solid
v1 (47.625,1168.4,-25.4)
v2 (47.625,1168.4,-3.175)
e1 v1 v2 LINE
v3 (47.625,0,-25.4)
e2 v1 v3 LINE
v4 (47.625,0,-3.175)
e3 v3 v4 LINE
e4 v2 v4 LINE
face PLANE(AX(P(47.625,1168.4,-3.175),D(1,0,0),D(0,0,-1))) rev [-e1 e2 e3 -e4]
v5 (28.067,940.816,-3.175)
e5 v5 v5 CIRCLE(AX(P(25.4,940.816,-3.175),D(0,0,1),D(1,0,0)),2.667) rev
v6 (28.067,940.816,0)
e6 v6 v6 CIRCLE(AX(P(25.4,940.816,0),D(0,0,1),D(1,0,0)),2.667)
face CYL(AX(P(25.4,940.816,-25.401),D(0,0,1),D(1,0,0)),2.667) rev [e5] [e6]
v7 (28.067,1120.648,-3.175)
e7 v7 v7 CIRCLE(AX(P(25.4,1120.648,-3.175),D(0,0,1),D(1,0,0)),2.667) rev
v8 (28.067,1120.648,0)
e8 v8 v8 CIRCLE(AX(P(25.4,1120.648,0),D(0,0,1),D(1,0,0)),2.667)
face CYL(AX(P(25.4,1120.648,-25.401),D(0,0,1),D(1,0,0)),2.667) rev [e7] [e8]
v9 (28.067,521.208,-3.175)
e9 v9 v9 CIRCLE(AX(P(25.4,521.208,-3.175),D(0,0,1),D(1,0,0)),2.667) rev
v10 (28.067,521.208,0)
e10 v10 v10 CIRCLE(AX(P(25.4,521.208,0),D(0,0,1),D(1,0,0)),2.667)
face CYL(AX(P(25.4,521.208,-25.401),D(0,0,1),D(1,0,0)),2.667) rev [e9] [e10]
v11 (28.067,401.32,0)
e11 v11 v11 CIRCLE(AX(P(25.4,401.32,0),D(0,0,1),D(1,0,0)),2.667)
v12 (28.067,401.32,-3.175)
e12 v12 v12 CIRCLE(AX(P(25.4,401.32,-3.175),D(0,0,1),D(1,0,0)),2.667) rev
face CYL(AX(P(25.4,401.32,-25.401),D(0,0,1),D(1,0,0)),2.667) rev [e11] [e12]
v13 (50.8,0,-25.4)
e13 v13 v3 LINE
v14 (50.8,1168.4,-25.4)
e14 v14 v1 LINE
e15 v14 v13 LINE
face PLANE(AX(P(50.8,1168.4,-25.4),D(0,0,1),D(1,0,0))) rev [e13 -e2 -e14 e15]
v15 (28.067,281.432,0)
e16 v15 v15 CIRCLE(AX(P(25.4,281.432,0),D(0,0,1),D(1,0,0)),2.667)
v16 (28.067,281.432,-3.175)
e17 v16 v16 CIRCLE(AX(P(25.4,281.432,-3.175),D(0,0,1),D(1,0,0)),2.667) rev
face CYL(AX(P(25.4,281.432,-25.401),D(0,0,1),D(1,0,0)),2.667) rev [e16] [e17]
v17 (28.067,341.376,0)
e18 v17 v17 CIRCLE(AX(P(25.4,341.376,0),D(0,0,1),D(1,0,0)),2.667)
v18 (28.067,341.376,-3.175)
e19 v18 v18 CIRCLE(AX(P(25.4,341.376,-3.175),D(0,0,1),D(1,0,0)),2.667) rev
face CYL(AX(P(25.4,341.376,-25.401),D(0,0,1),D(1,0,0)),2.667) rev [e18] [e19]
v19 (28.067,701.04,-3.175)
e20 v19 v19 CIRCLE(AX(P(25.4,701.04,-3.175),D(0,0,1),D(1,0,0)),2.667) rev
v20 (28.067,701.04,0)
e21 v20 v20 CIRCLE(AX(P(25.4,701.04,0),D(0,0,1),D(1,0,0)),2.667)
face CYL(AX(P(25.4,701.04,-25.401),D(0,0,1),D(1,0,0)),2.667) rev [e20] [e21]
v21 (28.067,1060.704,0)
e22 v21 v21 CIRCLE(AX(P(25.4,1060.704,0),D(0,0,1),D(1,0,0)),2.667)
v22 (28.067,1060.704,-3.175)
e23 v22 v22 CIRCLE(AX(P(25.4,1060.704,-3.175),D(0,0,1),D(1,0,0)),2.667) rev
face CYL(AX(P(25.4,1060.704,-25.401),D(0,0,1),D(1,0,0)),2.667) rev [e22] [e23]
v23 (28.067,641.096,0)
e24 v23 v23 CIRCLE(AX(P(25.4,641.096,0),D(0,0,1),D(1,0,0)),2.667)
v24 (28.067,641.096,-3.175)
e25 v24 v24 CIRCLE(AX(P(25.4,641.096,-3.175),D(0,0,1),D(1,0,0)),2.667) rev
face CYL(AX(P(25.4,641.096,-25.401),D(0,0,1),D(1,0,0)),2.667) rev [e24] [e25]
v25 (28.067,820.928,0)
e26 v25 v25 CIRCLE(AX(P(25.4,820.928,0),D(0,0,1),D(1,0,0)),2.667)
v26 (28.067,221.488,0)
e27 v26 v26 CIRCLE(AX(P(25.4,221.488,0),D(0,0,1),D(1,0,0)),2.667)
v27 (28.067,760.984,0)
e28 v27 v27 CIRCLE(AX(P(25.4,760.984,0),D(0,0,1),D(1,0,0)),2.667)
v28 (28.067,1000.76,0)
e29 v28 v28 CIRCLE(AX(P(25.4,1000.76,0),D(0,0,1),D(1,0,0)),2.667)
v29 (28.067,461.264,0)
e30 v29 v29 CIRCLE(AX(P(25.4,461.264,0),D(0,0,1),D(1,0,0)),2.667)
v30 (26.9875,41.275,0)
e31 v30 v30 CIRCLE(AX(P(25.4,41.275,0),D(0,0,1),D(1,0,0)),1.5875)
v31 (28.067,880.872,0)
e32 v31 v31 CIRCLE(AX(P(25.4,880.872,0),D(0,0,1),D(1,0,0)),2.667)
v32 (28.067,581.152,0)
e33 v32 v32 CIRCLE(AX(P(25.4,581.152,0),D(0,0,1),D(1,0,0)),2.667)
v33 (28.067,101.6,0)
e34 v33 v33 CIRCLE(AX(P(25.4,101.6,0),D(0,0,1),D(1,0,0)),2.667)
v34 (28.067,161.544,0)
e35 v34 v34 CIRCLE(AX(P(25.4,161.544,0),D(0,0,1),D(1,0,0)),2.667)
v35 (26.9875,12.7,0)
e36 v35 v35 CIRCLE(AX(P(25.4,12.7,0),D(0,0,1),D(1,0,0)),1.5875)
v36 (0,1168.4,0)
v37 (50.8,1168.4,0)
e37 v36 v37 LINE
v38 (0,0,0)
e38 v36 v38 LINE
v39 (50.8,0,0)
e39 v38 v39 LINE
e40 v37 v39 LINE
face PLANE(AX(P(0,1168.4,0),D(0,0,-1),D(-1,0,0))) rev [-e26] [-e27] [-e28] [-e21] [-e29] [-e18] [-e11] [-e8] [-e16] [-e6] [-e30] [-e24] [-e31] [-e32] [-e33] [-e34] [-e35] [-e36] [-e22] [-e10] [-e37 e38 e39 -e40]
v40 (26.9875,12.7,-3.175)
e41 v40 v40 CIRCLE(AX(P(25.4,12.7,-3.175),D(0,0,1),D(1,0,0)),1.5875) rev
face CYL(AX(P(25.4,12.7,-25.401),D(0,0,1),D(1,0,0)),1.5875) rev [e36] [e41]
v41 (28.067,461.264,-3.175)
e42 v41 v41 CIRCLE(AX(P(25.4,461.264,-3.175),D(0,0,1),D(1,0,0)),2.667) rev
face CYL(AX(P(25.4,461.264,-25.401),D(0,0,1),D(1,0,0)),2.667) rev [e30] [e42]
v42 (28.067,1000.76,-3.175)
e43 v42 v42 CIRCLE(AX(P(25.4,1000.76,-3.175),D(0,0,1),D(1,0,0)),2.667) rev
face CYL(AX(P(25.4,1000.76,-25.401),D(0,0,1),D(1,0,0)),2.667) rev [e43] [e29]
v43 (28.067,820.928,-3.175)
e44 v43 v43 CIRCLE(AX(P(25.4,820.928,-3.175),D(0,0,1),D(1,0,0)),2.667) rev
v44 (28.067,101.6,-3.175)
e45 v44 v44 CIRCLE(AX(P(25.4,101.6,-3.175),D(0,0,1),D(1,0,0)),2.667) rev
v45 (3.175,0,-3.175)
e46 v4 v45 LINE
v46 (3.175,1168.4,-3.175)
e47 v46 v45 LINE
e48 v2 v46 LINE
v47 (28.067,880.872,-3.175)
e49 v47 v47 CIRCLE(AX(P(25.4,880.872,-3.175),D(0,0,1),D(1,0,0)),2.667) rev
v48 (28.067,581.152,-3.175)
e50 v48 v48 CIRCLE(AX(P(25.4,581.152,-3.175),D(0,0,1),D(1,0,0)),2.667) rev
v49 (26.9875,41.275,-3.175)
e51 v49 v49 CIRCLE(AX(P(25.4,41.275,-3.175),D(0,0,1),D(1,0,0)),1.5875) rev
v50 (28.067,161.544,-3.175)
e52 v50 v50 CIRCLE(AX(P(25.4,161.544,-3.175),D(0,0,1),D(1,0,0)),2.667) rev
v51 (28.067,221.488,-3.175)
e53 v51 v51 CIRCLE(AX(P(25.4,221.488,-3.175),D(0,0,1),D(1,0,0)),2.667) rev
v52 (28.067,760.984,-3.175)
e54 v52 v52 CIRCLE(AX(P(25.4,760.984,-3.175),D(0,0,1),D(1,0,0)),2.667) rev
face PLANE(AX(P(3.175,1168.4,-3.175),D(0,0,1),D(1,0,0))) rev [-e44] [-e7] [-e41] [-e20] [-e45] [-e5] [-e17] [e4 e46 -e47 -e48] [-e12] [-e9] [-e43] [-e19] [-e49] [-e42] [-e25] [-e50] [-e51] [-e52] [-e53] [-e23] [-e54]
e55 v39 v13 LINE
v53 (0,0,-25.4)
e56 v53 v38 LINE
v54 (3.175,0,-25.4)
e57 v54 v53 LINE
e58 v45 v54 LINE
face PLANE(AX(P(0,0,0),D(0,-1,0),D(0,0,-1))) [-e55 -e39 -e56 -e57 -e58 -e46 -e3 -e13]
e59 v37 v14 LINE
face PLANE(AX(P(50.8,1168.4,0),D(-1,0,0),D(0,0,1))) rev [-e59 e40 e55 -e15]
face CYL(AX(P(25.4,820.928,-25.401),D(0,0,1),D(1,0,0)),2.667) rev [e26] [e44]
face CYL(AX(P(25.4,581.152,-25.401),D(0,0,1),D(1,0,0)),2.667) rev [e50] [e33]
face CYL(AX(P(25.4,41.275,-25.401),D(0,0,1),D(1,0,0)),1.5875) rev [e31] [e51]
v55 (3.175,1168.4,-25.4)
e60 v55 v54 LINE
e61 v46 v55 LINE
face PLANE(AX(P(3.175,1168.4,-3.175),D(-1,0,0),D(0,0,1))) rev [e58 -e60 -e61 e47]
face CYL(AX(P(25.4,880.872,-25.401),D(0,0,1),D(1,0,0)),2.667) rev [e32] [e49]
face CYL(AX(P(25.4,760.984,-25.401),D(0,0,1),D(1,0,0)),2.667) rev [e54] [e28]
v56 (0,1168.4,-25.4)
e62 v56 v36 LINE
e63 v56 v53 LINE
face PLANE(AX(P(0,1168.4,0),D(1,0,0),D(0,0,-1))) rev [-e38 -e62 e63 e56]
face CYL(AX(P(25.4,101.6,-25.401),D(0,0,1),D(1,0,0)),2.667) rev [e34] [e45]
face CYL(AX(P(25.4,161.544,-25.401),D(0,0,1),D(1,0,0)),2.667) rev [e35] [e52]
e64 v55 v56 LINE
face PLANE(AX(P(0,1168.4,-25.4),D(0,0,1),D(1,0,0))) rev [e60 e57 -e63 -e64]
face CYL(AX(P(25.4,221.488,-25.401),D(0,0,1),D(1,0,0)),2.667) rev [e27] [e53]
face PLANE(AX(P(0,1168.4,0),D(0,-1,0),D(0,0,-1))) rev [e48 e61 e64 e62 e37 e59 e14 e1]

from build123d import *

# Parameters (mm, degrees)
BOSS_EXTRUDE1_DEPTH = 1168.4
CUT_EXTRUDE1_REACH  = 27.4
SKETCH2_R           = 2.667
CUT_EXTRUDE2_REACH  = 27.4
SKETCH4_R           = 1.5875


with BuildPart() as part:
    # Sketch1 → Boss-Extrude1 (new body)
    with BuildSketch(Plane(origin=(0, 0, 0), x_dir=(1, 0, 0), z_dir=(0, 1, 0))):
        Polygon((3.175, 3.175), (3.175, 25.4), (0, 25.4), (0, 0), (50.8, 0), (50.8, 25.4), (47.625, 25.4), (47.625, 3.175), align=None)
    extrude(amount=BOSS_EXTRUDE1_DEPTH)

    # Sketch2 → Cut-Extrude1 (cut, up to next)
    with BuildSketch(Plane.XY, mode=Mode.PRIVATE) as cut_extrude1_sk1:
        with Locations((25.4, 101.6)):
            Circle(SKETCH2_R)
    cut_extrude1_tool1 = extrude(cut_extrude1_sk1.sketch, amount=-CUT_EXTRUDE1_REACH, mode=Mode.PRIVATE) & part.part
    add(cut_extrude1_tool1.solids().sort_by_distance((25.4, 101.6, 0))[0], mode=Mode.SUBTRACT)
    # Sketch2 → Cut-Extrude1 (cut, up to next)
    with BuildSketch(Plane.XY, mode=Mode.PRIVATE) as cut_extrude1_sk2:
        with Locations((25.4, 161.544)):
            Circle(SKETCH2_R)
    cut_extrude1_tool2 = extrude(cut_extrude1_sk2.sketch, amount=-CUT_EXTRUDE1_REACH, mode=Mode.PRIVATE) & part.part
    add(cut_extrude1_tool2.solids().sort_by_distance((25.4, 161.544, 0))[0], mode=Mode.SUBTRACT)
    # Sketch2 → Cut-Extrude1 (cut, up to next)
    with BuildSketch(Plane.XY, mode=Mode.PRIVATE) as cut_extrude1_sk3:
        with Locations((25.4, 221.488)):
            Circle(SKETCH2_R)
    cut_extrude1_tool3 = extrude(cut_extrude1_sk3.sketch, amount=-CUT_EXTRUDE1_REACH, mode=Mode.PRIVATE) & part.part
    add(cut_extrude1_tool3.solids().sort_by_distance((25.4, 221.488, 0))[0], mode=Mode.SUBTRACT)
    # Sketch2 → Cut-Extrude1 (cut, up to next)
    with BuildSketch(Plane.XY, mode=Mode.PRIVATE) as cut_extrude1_sk4:
        with Locations((25.4, 281.432)):
            Circle(SKETCH2_R)
    cut_extrude1_tool4 = extrude(cut_extrude1_sk4.sketch, amount=-CUT_EXTRUDE1_REACH, mode=Mode.PRIVATE) & part.part
    add(cut_extrude1_tool4.solids().sort_by_distance((25.4, 281.432, 0))[0], mode=Mode.SUBTRACT)
    # Sketch2 → Cut-Extrude1 (cut, up to next)
    with BuildSketch(Plane.XY, mode=Mode.PRIVATE) as cut_extrude1_sk5:
        with Locations((25.4, 341.376)):
            Circle(SKETCH2_R)
    cut_extrude1_tool5 = extrude(cut_extrude1_sk5.sketch, amount=-CUT_EXTRUDE1_REACH, mode=Mode.PRIVATE) & part.part
    add(cut_extrude1_tool5.solids().sort_by_distance((25.4, 341.376, 0))[0], mode=Mode.SUBTRACT)
    # Sketch2 → Cut-Extrude1 (cut, up to next)
    with BuildSketch(Plane.XY, mode=Mode.PRIVATE) as cut_extrude1_sk6:
        with Locations((25.4, 401.32)):
            Circle(SKETCH2_R)
    cut_extrude1_tool6 = extrude(cut_extrude1_sk6.sketch, amount=-CUT_EXTRUDE1_REACH, mode=Mode.PRIVATE) & part.part
    add(cut_extrude1_tool6.solids().sort_by_distance((25.4, 401.32, 0))[0], mode=Mode.SUBTRACT)
    # Sketch2 → Cut-Extrude1 (cut, up to next)
    with BuildSketch(Plane.XY, mode=Mode.PRIVATE) as cut_extrude1_sk7:
        with Locations((25.4, 461.264)):
            Circle(SKETCH2_R)
    cut_extrude1_tool7 = extrude(cut_extrude1_sk7.sketch, amount=-CUT_EXTRUDE1_REACH, mode=Mode.PRIVATE) & part.part
    add(cut_extrude1_tool7.solids().sort_by_distance((25.4, 461.264, 0))[0], mode=Mode.SUBTRACT)
    # Sketch2 → Cut-Extrude1 (cut, up to next)
    with BuildSketch(Plane.XY, mode=Mode.PRIVATE) as cut_extrude1_sk8:
        with Locations((25.4, 521.208)):
            Circle(SKETCH2_R)
    cut_extrude1_tool8 = extrude(cut_extrude1_sk8.sketch, amount=-CUT_EXTRUDE1_REACH, mode=Mode.PRIVATE) & part.part
    add(cut_extrude1_tool8.solids().sort_by_distance((25.4, 521.208, 0))[0], mode=Mode.SUBTRACT)
    # Sketch2 → Cut-Extrude1 (cut, up to next)
    with BuildSketch(Plane.XY, mode=Mode.PRIVATE) as cut_extrude1_sk9:
        with Locations((25.4, 581.152)):
            Circle(SKETCH2_R)
    cut_extrude1_tool9 = extrude(cut_extrude1_sk9.sketch, amount=-CUT_EXTRUDE1_REACH, mode=Mode.PRIVATE) & part.part
    add(cut_extrude1_tool9.solids().sort_by_distance((25.4, 581.152, 0))[0], mode=Mode.SUBTRACT)
    # Sketch2 → Cut-Extrude1 (cut, up to next)
    with BuildSketch(Plane.XY, mode=Mode.PRIVATE) as cut_extrude1_sk10:
        with Locations((25.4, 641.096)):
            Circle(SKETCH2_R)
    cut_extrude1_tool10 = extrude(cut_extrude1_sk10.sketch, amount=-CUT_EXTRUDE1_REACH, mode=Mode.PRIVATE) & part.part
    add(cut_extrude1_tool10.solids().sort_by_distance((25.4, 641.096, 0))[0], mode=Mode.SUBTRACT)
    # Sketch2 → Cut-Extrude1 (cut, up to next)
    with BuildSketch(Plane.XY, mode=Mode.PRIVATE) as cut_extrude1_sk11:
        with Locations((25.4, 701.04)):
            Circle(SKETCH2_R)
    cut_extrude1_tool11 = extrude(cut_extrude1_sk11.sketch, amount=-CUT_EXTRUDE1_REACH, mode=Mode.PRIVATE) & part.part
    add(cut_extrude1_tool11.solids().sort_by_distance((25.4, 701.04, 0))[0], mode=Mode.SUBTRACT)
    # Sketch2 → Cut-Extrude1 (cut, up to next)
    with BuildSketch(Plane.XY, mode=Mode.PRIVATE) as cut_extrude1_sk12:
        with Locations((25.4, 760.984)):
            Circle(SKETCH2_R)
    cut_extrude1_tool12 = extrude(cut_extrude1_sk12.sketch, amount=-CUT_EXTRUDE1_REACH, mode=Mode.PRIVATE) & part.part
    add(cut_extrude1_tool12.solids().sort_by_distance((25.4, 760.984, 0))[0], mode=Mode.SUBTRACT)
    # Sketch2 → Cut-Extrude1 (cut, up to next)
    with BuildSketch(Plane.XY, mode=Mode.PRIVATE) as cut_extrude1_sk13:
        with Locations((25.4, 820.928)):
            Circle(SKETCH2_R)
    cut_extrude1_tool13 = extrude(cut_extrude1_sk13.sketch, amount=-CUT_EXTRUDE1_REACH, mode=Mode.PRIVATE) & part.part
    add(cut_extrude1_tool13.solids().sort_by_distance((25.4, 820.928, 0))[0], mode=Mode.SUBTRACT)
    # Sketch2 → Cut-Extrude1 (cut, up to next)
    with BuildSketch(Plane.XY, mode=Mode.PRIVATE) as cut_extrude1_sk14:
        with Locations((25.4, 880.872)):
            Circle(SKETCH2_R)
    cut_extrude1_tool14 = extrude(cut_extrude1_sk14.sketch, amount=-CUT_EXTRUDE1_REACH, mode=Mode.PRIVATE) & part.part
    add(cut_extrude1_tool14.solids().sort_by_distance((25.4, 880.872, 0))[0], mode=Mode.SUBTRACT)
    # Sketch2 → Cut-Extrude1 (cut, up to next)
    with BuildSketch(Plane.XY, mode=Mode.PRIVATE) as cut_extrude1_sk15:
        with Locations((25.4, 940.816)):
            Circle(SKETCH2_R)
    cut_extrude1_tool15 = extrude(cut_extrude1_sk15.sketch, amount=-CUT_EXTRUDE1_REACH, mode=Mode.PRIVATE) & part.part
    add(cut_extrude1_tool15.solids().sort_by_distance((25.4, 940.816, 0))[0], mode=Mode.SUBTRACT)
    # Sketch2 → Cut-Extrude1 (cut, up to next)
    with BuildSketch(Plane.XY, mode=Mode.PRIVATE) as cut_extrude1_sk16:
        with Locations((25.4, 1000.76)):
            Circle(SKETCH2_R)
    cut_extrude1_tool16 = extrude(cut_extrude1_sk16.sketch, amount=-CUT_EXTRUDE1_REACH, mode=Mode.PRIVATE) & part.part
    add(cut_extrude1_tool16.solids().sort_by_distance((25.4, 1000.76, 0))[0], mode=Mode.SUBTRACT)
    # Sketch2 → Cut-Extrude1 (cut, up to next)
    with BuildSketch(Plane.XY, mode=Mode.PRIVATE) as cut_extrude1_sk17:
        with Locations((25.4, 1060.704)):
            Circle(SKETCH2_R)
    cut_extrude1_tool17 = extrude(cut_extrude1_sk17.sketch, amount=-CUT_EXTRUDE1_REACH, mode=Mode.PRIVATE) & part.part
    add(cut_extrude1_tool17.solids().sort_by_distance((25.4, 1060.704, 0))[0], mode=Mode.SUBTRACT)
    # Sketch2 → Cut-Extrude1 (cut, up to next)
    with BuildSketch(Plane.XY, mode=Mode.PRIVATE) as cut_extrude1_sk18:
        with Locations((25.4, 1120.648)):
            Circle(SKETCH2_R)
    cut_extrude1_tool18 = extrude(cut_extrude1_sk18.sketch, amount=-CUT_EXTRUDE1_REACH, mode=Mode.PRIVATE) & part.part
    add(cut_extrude1_tool18.solids().sort_by_distance((25.4, 1120.648, 0))[0], mode=Mode.SUBTRACT)

    # Sketch4 → Cut-Extrude2 (cut, up to next)
    with BuildSketch(Plane.XY, mode=Mode.PRIVATE) as cut_extrude2_sk1:
        with Locations((25.4, 41.275)):
            Circle(SKETCH4_R)
    cut_extrude2_tool1 = extrude(cut_extrude2_sk1.sketch, amount=-CUT_EXTRUDE2_REACH, mode=Mode.PRIVATE) & part.part
    add(cut_extrude2_tool1.solids().sort_by_distance((25.4, 41.275, 0))[0], mode=Mode.SUBTRACT)
    # Sketch4 → Cut-Extrude2 (cut, up to next)
    with BuildSketch(Plane.XY, mode=Mode.PRIVATE) as cut_extrude2_sk2:
        with Locations((25.4, 12.7)):
            Circle(SKETCH4_R)
    cut_extrude2_tool2 = extrude(cut_extrude2_sk2.sketch, amount=-CUT_EXTRUDE2_REACH, mode=Mode.PRIVATE) & part.part
    add(cut_extrude2_tool2.solids().sort_by_distance((25.4, 12.7, 0))[0], mode=Mode.SUBTRACT)


solid = part.part
